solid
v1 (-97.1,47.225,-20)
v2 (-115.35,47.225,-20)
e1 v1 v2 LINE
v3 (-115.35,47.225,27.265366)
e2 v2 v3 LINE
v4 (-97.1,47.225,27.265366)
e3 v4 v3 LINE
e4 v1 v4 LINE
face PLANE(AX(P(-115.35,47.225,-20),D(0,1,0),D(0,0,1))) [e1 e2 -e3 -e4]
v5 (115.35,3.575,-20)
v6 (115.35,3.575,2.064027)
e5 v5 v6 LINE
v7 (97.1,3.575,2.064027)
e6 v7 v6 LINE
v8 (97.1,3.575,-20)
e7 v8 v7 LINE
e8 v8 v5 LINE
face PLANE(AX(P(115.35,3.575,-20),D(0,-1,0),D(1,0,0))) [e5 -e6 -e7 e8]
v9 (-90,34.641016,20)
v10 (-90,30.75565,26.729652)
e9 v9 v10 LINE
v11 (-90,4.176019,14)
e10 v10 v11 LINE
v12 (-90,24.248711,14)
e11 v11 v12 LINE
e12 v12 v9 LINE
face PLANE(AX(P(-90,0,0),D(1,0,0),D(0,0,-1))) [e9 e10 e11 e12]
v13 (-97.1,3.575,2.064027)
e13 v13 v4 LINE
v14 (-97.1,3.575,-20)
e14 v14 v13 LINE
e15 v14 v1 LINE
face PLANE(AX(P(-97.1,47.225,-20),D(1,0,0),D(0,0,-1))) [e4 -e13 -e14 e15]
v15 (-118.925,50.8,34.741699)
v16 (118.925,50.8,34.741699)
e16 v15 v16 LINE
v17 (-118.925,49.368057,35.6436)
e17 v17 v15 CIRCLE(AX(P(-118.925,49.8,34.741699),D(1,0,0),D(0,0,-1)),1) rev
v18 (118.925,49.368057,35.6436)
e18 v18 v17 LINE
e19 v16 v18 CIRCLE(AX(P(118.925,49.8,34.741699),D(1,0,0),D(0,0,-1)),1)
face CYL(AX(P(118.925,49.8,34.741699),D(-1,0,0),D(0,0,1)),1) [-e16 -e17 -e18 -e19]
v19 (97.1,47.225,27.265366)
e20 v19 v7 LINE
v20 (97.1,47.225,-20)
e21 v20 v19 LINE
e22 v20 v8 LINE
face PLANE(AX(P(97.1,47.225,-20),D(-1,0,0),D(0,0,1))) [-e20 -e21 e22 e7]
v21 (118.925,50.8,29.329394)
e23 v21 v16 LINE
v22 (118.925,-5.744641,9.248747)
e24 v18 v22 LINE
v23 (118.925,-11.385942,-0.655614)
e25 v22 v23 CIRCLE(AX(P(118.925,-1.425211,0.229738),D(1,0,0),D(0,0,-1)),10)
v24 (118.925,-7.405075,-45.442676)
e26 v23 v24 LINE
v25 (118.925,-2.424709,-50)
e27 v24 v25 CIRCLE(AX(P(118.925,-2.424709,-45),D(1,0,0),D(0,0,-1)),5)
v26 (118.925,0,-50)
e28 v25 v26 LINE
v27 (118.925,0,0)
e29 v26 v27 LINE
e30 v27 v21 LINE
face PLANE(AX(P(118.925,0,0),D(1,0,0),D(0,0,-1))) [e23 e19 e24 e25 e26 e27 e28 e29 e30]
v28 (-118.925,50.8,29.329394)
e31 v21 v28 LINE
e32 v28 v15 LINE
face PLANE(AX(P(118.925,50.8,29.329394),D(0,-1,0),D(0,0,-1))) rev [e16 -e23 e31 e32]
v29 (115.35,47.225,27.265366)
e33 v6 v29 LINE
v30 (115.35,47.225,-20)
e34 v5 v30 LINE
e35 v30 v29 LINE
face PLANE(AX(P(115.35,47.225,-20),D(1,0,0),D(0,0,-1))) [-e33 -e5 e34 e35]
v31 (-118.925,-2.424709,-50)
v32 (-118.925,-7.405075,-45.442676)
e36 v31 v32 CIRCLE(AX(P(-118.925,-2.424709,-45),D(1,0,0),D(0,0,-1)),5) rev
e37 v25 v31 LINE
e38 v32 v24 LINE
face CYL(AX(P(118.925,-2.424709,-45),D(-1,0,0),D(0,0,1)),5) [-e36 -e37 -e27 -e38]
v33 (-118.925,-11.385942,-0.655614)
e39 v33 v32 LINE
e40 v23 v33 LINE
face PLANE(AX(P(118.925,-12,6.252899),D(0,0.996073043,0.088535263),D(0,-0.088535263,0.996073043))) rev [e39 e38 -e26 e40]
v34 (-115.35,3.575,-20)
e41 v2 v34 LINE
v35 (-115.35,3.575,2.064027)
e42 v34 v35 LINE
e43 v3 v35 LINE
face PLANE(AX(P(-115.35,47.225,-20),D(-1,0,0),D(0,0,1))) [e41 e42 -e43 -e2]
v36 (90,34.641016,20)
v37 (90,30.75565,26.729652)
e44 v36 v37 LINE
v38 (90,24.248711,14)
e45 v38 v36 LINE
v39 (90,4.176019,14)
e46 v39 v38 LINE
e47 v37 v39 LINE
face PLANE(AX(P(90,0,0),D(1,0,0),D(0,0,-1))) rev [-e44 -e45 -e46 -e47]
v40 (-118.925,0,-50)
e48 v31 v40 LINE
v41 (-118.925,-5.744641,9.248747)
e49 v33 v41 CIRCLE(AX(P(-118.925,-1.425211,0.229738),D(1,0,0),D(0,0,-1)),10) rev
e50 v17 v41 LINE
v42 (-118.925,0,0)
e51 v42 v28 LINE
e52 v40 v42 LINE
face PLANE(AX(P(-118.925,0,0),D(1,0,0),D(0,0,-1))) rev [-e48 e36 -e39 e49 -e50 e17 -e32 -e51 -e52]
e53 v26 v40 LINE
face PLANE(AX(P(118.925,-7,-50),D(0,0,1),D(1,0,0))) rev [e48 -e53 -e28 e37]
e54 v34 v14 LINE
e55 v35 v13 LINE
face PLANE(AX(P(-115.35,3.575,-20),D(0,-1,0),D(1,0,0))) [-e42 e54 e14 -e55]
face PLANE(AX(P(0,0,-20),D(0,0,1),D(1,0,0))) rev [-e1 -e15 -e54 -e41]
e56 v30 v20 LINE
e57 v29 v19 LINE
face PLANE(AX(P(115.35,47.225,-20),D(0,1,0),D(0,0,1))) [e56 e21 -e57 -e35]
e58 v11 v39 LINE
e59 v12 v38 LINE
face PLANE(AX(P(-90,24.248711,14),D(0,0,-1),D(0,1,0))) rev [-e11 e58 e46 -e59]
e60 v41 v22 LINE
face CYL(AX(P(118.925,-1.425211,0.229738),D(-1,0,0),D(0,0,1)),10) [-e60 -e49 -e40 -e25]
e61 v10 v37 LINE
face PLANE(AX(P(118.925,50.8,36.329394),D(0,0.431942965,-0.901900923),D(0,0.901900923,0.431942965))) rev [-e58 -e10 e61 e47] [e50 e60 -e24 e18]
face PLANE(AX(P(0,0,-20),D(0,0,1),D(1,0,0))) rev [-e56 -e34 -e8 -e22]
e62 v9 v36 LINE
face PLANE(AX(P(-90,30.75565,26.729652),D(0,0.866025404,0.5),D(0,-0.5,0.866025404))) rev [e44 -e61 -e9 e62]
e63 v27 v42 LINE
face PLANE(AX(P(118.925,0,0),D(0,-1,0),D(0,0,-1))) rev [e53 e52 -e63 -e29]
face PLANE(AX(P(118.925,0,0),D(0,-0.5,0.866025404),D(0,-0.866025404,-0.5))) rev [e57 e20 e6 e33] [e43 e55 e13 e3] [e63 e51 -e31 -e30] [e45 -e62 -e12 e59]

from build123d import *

# Parameters (mm, degrees)
BOSS_EXTRUDE2_DEPTH             = 118.925
BOSS_EXTRUDE1_REACH             = 140.65
SKETCH2_W                       = 18.25
SKETCH2_H                       = 43.65
BOSS_EXTRUDE1_DIRECTION_2_DEPTH = 20
CUT_EXTRUDE2_DEPTH              = 90
FILLET1_R                       = 10
FILLET2_R                       = 5
FILLET3_R                       = 1


with BuildPart() as part:
    # Sketch1 → Boss-Extrude2 (new, symmetric)
    with BuildSketch(Plane(origin=(0, 0, 0), x_dir=(0, 0, -1), z_dir=(1, 0, 0))):
        Polygon((0, 0), (-29.329393675, 50.8), (-36.329393675, 50.8), (-6.252899132, -12), (50, -7), (50, 0), align=None)
    extrude(amount=BOSS_EXTRUDE2_DEPTH, both=True)

    # Boss-Extrude1: up to this plane
    boss_extrude1_end = Plane(origin=(118.925, 0, 0), z_dir=(0, -0.5000000000000043, 0.8660254037844363))
    # Sketch2 → Boss-Extrude1 (add, up to the surface)
    with BuildSketch(Plane.XY, mode=Mode.PRIVATE) as boss_extrude1_sk1:
        with Locations((106.225, 25.4)):
            Rectangle(SKETCH2_W, SKETCH2_H)
    boss_extrude1_tool1 = split(extrude(boss_extrude1_sk1.sketch, amount=BOSS_EXTRUDE1_REACH, mode=Mode.PRIVATE), bisect_by=boss_extrude1_end, keep=Keep.BOTH, mode=Mode.PRIVATE)
    add(boss_extrude1_tool1.solids().sort_by_distance((106.225, 25.4, 0))[0])
    # Sketch2 → Boss-Extrude1 (add, up to the surface)
    with BuildSketch(Plane.XY, mode=Mode.PRIVATE) as boss_extrude1_sk2:
        with Locations((-106.225, 25.4)):
            Rectangle(SKETCH2_W, SKETCH2_H)
    boss_extrude1_tool2 = split(extrude(boss_extrude1_sk2.sketch, amount=BOSS_EXTRUDE1_REACH, mode=Mode.PRIVATE), bisect_by=boss_extrude1_end, keep=Keep.BOTH, mode=Mode.PRIVATE)
    add(boss_extrude1_tool2.solids().sort_by_distance((-106.225, 25.4, 0))[0])

    # Sketch2 → Boss-Extrude1 direction 2 (add)
    with BuildSketch(Plane.XY):
        with Locations((106.225, 25.4)):
            Rectangle(SKETCH2_W, SKETCH2_H)
        with Locations((-106.225, 25.4)):
            Rectangle(SKETCH2_W, SKETCH2_H)
    extrude(amount=-BOSS_EXTRUDE1_DIRECTION_2_DEPTH)

    # Sketch4 → Cut-Extrude2 (cut, symmetric)
    with BuildSketch(Plane(origin=(0, 0, 0), x_dir=(0, 0, -1), z_dir=(1, 0, 0))):
        Polygon((-26.729651832, 30.755649855), (-20, 34.641016151), (-14, 24.248711306), (-14, 4.176018579), align=None)
    extrude(amount=CUT_EXTRUDE2_DEPTH, both=True, mode=Mode.SUBTRACT)

    # Fillet1
    fillet1_edges = [part.edges().sort_by_distance(p)[0] for p in [
        (0, -12, 6.252899132),
    ]]
    fillet(fillet1_edges, radius=FILLET1_R)

    # Fillet2
    fillet2_edges = [part.edges().sort_by_distance(p)[0] for p in [
        (0, -7, -50),
    ]]
    fillet(fillet2_edges, radius=FILLET2_R)

    # Fillet3
    fillet3_edges = [part.edges().sort_by_distance(p)[0] for p in [
        (0, 50.8, 36.329393675),
    ]]
    fillet(fillet3_edges, radius=FILLET3_R)


solid = part.part
